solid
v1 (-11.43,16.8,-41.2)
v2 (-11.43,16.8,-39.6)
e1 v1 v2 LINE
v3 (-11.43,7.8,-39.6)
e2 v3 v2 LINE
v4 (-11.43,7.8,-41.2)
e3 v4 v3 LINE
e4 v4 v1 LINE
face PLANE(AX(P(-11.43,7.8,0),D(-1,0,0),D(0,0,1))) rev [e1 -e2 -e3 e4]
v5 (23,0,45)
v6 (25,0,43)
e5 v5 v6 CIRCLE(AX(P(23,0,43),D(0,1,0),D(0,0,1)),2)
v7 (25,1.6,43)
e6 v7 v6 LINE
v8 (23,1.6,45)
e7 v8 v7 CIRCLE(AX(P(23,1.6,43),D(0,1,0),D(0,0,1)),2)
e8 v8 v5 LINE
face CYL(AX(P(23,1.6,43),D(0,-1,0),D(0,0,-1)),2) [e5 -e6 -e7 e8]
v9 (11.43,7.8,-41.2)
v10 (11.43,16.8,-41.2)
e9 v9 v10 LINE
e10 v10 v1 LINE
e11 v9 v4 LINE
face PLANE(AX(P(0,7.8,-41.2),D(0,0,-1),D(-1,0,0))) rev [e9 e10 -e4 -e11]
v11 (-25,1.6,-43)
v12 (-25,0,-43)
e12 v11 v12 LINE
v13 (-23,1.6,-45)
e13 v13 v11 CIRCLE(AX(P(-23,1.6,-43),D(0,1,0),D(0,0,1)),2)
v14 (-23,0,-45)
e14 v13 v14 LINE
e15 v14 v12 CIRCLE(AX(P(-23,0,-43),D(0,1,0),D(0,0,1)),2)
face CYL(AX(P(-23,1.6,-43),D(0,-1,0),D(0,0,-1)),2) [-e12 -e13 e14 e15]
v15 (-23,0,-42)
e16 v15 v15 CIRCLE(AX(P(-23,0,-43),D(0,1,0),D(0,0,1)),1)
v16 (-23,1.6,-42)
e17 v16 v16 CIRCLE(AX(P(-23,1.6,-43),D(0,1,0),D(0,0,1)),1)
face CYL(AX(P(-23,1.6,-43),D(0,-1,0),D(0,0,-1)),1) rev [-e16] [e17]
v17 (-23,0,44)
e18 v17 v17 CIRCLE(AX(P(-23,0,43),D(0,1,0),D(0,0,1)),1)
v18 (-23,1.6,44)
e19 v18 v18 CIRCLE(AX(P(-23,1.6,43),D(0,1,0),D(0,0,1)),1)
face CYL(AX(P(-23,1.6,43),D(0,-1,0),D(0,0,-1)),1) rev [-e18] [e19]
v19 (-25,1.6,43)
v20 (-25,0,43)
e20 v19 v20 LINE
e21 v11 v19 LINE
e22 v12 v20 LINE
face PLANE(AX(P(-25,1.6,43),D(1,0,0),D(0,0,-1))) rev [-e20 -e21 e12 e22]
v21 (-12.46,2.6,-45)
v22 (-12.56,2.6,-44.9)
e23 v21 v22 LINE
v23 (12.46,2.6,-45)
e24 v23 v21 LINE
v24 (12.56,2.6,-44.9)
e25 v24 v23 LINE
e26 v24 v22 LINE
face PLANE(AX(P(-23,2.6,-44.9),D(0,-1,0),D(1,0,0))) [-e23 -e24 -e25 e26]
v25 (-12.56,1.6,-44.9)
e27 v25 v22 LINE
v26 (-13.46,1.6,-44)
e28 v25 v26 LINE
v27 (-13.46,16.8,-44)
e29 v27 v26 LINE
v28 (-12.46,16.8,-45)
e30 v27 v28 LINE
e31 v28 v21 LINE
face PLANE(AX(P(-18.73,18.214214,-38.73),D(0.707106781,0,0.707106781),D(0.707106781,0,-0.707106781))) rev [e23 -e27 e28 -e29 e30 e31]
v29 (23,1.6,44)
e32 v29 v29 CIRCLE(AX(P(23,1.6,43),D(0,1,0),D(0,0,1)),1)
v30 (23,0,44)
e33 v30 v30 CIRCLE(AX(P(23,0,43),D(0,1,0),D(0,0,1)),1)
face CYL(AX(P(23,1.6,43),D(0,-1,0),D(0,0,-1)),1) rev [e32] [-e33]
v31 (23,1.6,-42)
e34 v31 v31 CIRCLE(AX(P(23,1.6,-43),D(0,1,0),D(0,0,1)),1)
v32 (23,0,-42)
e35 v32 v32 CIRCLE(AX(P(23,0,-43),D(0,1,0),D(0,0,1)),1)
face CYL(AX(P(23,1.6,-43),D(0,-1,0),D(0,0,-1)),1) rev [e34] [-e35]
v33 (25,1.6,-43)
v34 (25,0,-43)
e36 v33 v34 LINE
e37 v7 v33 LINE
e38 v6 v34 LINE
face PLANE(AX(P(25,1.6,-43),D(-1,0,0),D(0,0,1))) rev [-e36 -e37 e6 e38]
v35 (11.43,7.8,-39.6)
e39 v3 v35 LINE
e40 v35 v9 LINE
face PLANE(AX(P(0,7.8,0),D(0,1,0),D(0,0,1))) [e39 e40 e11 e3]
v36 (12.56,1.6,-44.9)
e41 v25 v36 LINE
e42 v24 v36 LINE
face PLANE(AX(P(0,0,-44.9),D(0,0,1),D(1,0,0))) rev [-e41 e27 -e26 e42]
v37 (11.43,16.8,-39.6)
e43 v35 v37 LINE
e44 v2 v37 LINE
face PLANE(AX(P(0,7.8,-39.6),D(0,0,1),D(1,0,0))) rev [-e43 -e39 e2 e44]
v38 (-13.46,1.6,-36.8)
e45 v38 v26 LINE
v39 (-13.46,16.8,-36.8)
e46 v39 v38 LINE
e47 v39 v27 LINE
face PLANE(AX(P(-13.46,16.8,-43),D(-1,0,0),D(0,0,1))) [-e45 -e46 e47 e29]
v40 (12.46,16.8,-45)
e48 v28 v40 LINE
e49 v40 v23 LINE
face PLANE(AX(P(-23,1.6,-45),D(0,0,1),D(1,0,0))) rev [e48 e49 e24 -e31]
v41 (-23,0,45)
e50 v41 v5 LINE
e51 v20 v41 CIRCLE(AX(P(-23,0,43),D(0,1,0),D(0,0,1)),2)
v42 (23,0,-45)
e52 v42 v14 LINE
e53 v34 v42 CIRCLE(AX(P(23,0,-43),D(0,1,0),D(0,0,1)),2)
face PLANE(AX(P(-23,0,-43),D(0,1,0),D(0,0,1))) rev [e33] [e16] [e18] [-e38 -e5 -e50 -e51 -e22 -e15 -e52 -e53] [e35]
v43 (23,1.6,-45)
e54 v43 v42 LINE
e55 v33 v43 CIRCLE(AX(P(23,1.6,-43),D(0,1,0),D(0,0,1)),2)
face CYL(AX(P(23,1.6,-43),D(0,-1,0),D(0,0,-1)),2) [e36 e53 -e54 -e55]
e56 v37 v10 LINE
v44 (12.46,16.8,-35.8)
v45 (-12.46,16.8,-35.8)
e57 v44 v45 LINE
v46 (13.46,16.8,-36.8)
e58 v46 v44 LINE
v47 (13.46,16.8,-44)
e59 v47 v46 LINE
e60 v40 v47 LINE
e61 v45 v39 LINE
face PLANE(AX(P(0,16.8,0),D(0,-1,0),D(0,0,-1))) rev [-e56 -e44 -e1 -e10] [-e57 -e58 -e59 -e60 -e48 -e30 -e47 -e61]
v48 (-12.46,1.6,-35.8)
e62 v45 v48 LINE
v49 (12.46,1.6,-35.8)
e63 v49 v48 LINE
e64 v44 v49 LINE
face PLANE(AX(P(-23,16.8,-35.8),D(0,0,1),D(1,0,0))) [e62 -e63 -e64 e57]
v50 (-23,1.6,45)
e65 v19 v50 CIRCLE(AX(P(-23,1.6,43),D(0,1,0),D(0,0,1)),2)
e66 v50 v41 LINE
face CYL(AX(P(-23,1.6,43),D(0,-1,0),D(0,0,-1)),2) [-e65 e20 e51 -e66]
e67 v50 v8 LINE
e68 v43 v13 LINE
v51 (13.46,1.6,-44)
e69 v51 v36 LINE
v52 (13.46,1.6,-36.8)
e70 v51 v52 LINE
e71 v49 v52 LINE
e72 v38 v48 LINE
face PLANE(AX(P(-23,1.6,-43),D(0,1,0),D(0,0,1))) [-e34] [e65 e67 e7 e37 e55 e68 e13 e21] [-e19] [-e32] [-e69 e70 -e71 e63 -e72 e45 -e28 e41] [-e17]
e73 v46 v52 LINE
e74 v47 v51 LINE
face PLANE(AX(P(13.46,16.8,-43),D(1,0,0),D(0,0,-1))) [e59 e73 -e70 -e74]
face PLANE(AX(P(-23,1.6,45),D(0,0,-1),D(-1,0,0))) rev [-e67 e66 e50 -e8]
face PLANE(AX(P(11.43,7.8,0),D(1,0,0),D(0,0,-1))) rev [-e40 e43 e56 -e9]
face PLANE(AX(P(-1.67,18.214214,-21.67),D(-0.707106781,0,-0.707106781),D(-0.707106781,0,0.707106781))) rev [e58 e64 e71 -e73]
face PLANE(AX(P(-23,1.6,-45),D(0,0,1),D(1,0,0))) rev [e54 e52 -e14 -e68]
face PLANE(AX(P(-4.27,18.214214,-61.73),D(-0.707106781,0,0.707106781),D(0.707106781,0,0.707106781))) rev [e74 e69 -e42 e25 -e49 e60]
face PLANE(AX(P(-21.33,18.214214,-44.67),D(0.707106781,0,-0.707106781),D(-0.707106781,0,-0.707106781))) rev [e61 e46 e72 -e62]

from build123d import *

# Parameters (mm, degrees)
SKETCH_1_R          = 1
EXTRUDE_1_DEPTH     = 1.6
EXTRUDE_START       = 1.6
SKETCH_2_W          = 26.92
SKETCH_2_H          = 9.2
EXTRUDE_2_DEPTH     = 15.2
CUT_EXTRUDE_START   = 16.8
SKETCH_3_W          = 22.86
SKETCH_3_H          = 1.6
CUT_EXTRUDE_1_DEPTH = 9
CUT_EXTRUDE_START_2 = -45
SKETCH_4_W          = 26.92
SKETCH_4_H          = 1
CUT_EXTRUDE_2_DEPTH = 0.1
CUT_EXTRUDE_START_3 = 1.6
CUT_EXTRUDE_3_DEPTH = 15.2


with BuildPart() as part:
    # 草图1 → 凸台-拉伸1 (new body)
    with BuildSketch(Plane(origin=(0, 0, 0), x_dir=(1, 0, 0), z_dir=(0, 1, 0))):
        with BuildLine():
            Line((-23, 45), (23, 45))
            ThreePointArc((23, 45), (24.414213562, 44.414213562), (25, 43))
            Line((25, 43), (25, -43))
            ThreePointArc((25, -43), (24.414213562, -44.414213562), (23, -45))
            Line((23, -45), (-23, -45))
            ThreePointArc((-23, -45), (-24.414213562, -44.414213562), (-25, -43))
            Line((-25, -43), (-25, 43))
            ThreePointArc((-25, 43), (-24.414213562, 44.414213562), (-23, 45))
        make_face()
        with Locations(Location((-23, 43, 0), (0, 0, 270))):
            Circle(SKETCH_1_R, mode=Mode.SUBTRACT)
        with Locations(Location((23, 43, 0), (0, 0, 270))):
            Circle(SKETCH_1_R, mode=Mode.SUBTRACT)
        with Locations(Location((-23, -43, 0), (0, 0, 270))):
            Circle(SKETCH_1_R, mode=Mode.SUBTRACT)
        with Locations(Location((23, -43, 0), (0, 0, 270))):
            Circle(SKETCH_1_R, mode=Mode.SUBTRACT)
    extrude(amount=EXTRUDE_1_DEPTH)

    # 草图2 → 凸台-拉伸2 (add)
    with BuildSketch(Plane(origin=(0, 0, 0), x_dir=(1, 0, 0), z_dir=(0, 1, 0)).offset(EXTRUDE_START)):
        with Locations((0, 40.4)):
            Rectangle(SKETCH_2_W, SKETCH_2_H)
    extrude(amount=EXTRUDE_2_DEPTH)

    # 草图3 → 切除-拉伸1 (cut)
    with BuildSketch(Plane(origin=(0, 0, 0), x_dir=(1, 0, 0), z_dir=(0, 1, 0)).offset(CUT_EXTRUDE_START)):
        with Locations((0, 40.4)):
            Rectangle(SKETCH_3_W, SKETCH_3_H)
    extrude(amount=-CUT_EXTRUDE_1_DEPTH, mode=Mode.SUBTRACT)

    # 草图4 → 切除-拉伸2 (cut)
    with BuildSketch(Plane.XY.offset(CUT_EXTRUDE_START_2)):
        with Locations((0, 2.1)):
            Rectangle(SKETCH_4_W, SKETCH_4_H)
    extrude(amount=CUT_EXTRUDE_2_DEPTH, mode=Mode.SUBTRACT)

    # 草图5 → 切除-拉伸3 (cut)
    with BuildSketch(Plane(origin=(0, 0, 0), x_dir=(1, 0, 0), z_dir=(0, 1, 0)).offset(CUT_EXTRUDE_START_3)):
        Polygon((13.46, 35.8), (13.46, 36.8), (12.46, 35.8), align=None)
        Polygon((13.46, 45), (13.46, 44), (12.46, 45), align=None)
        Polygon((-13.46, 45), (-13.46, 44), (-12.46, 45), align=None)
        Polygon((-13.46, 35.8), (-12.46, 35.8), (-13.46, 36.8), align=None)
    extrude(amount=CUT_EXTRUDE_3_DEPTH, mode=Mode.SUBTRACT)


solid = part.part
